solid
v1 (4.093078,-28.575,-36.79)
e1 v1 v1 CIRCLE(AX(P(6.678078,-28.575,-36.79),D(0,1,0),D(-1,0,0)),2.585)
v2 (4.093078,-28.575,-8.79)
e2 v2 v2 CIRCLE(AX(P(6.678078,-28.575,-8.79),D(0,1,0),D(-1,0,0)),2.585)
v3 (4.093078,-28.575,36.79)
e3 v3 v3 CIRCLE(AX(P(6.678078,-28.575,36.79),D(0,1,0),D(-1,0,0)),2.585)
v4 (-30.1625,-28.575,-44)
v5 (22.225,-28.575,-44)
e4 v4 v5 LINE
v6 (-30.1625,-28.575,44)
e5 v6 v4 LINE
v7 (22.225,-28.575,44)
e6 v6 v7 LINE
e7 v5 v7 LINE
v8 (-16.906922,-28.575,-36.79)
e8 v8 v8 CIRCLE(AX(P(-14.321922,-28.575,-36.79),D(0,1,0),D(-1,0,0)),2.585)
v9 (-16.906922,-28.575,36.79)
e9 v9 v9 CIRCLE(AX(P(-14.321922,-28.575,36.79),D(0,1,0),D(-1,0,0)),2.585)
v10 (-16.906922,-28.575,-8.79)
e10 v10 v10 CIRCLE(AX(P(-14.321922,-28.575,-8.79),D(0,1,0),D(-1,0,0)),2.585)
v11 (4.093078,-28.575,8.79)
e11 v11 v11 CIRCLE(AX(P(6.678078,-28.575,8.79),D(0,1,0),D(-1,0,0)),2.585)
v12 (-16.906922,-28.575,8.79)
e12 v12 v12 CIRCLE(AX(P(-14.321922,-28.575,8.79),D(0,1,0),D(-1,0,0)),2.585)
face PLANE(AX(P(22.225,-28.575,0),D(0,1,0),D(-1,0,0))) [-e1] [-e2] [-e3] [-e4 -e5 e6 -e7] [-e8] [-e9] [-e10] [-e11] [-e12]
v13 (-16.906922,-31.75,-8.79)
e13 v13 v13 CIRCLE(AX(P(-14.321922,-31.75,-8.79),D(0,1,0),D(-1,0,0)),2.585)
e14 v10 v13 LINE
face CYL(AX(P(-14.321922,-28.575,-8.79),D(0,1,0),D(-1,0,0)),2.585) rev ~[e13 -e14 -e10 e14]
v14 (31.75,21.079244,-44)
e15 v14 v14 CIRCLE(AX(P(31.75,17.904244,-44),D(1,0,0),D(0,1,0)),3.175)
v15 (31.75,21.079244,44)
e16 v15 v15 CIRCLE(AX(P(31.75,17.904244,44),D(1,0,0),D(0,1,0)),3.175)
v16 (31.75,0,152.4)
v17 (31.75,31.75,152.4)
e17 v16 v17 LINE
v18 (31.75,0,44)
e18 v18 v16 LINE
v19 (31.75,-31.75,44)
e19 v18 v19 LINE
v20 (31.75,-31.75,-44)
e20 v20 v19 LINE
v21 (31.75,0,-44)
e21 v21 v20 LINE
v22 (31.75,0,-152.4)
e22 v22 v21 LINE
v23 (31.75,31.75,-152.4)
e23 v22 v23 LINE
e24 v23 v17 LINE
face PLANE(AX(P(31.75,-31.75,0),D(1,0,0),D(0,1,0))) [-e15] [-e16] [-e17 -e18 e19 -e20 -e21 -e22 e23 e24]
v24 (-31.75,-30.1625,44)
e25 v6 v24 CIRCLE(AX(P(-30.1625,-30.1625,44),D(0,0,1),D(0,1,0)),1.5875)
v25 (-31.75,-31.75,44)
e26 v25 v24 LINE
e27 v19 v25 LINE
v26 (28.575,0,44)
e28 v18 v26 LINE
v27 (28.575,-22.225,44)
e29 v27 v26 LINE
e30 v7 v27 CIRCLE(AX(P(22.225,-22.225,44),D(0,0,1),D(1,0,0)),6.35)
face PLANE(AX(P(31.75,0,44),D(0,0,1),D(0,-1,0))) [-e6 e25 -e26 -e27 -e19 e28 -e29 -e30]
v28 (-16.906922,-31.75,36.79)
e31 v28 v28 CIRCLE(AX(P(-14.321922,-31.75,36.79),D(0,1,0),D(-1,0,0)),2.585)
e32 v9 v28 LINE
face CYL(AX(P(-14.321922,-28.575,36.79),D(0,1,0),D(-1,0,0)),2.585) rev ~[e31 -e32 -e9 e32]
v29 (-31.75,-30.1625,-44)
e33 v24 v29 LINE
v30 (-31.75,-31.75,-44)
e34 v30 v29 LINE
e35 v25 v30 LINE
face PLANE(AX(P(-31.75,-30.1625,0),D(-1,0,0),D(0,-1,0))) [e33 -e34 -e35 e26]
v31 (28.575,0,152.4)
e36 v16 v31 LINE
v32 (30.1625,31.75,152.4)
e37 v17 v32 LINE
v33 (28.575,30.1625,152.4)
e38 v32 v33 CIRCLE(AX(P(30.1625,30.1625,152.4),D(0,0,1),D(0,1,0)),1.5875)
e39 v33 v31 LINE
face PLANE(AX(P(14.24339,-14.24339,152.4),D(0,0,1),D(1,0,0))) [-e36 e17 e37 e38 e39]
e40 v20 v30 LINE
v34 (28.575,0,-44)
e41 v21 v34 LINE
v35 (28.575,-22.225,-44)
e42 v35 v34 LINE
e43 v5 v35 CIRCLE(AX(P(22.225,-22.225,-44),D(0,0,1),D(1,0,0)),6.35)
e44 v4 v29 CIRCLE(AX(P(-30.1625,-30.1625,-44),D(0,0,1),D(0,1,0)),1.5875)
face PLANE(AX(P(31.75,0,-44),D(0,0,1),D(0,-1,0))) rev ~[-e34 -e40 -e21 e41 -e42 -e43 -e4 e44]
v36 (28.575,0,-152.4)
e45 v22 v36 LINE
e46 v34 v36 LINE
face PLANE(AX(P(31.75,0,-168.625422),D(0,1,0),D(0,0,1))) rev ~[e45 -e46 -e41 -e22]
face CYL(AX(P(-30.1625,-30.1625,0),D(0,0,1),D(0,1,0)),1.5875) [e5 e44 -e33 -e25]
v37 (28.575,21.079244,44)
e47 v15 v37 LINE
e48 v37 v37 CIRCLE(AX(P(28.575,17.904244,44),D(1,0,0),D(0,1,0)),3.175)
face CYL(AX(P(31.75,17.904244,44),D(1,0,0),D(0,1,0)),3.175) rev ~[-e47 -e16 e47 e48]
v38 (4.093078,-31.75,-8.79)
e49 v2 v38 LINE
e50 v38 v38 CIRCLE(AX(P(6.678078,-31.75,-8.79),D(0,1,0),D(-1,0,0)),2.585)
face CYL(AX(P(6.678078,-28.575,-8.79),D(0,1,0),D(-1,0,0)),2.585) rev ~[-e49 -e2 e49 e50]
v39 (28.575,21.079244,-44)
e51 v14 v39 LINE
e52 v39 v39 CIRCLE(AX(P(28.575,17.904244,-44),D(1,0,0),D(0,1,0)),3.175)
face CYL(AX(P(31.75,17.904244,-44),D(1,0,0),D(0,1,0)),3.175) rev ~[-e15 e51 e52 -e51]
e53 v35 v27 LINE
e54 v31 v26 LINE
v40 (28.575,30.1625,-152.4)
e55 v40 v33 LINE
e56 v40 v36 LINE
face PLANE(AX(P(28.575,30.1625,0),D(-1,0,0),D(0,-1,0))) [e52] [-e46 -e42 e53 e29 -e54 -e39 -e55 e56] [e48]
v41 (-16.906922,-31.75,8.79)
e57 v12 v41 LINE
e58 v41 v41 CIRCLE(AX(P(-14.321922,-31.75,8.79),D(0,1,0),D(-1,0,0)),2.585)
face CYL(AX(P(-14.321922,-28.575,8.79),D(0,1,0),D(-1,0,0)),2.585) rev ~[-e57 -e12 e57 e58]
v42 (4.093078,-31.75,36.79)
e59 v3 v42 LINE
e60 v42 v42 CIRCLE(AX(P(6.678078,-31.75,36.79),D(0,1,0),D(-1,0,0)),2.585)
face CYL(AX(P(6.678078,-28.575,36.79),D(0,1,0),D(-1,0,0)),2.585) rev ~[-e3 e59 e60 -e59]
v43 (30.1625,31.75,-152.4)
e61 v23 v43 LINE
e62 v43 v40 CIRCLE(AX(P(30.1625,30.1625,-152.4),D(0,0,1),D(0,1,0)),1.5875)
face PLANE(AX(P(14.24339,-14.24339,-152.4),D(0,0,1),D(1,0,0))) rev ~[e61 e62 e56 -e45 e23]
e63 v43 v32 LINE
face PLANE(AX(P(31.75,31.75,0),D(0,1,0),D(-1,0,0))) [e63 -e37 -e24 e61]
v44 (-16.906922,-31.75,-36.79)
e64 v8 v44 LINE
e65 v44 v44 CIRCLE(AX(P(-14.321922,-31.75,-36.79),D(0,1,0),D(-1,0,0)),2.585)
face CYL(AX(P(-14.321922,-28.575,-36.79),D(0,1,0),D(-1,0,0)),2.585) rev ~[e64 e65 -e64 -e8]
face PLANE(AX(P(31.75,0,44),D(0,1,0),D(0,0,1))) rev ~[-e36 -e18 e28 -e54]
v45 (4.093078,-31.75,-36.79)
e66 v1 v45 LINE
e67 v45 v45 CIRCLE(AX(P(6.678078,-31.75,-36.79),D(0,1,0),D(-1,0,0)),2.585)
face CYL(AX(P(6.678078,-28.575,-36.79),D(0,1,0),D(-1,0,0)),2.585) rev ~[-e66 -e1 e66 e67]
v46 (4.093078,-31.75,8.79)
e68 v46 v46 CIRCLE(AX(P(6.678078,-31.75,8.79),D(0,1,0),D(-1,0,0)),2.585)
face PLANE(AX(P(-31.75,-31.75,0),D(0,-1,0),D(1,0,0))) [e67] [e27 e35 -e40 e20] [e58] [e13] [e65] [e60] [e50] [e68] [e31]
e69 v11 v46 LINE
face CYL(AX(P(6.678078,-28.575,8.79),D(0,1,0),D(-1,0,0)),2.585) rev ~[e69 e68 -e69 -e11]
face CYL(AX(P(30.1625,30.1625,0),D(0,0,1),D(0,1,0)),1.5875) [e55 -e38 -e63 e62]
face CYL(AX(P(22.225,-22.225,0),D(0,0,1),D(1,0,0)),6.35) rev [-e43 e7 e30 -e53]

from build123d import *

# Parameters (mm, degrees)
BOSS_EXTRUDE1_DEPTH = 152.4
SKETCH3_R           = 2.585
CUT_EXTRUDE1_DEPTH  = 167.951873679
CUT_EXTRUDE2_DEPTH  = 169.125169145
SKETCH5_R           = 3.175
CUT_EXTRUDE3_DEPTH  = 169.125169145


with BuildPart() as part:
    # Sketch2 → Boss-Extrude1 (new, symmetric)
    with BuildSketch(Plane.XY):
        with BuildLine():
            Line((-31.75, -31.75), (31.75, -31.75))
            Line((31.75, -31.75), (31.75, 31.75))
            Line((31.75, 31.75), (30.1625, 31.75))
            ThreePointArc((30.1625, 31.75), (29.039967985, 31.285032015), (28.575, 30.1625))
            Line((28.575, 30.1625), (28.575, -22.225))
            ThreePointArc((28.575, -22.225), (26.715128061, -26.715128061), (22.225, -28.575))
            Line((22.225, -28.575), (-30.1625, -28.575))
            ThreePointArc((-30.1625, -28.575), (-31.285032015, -29.039967985), (-31.75, -30.1625))
            Line((-31.75, -30.1625), (-31.75, -31.75))
        make_face()
    extrude(amount=BOSS_EXTRUDE1_DEPTH, both=True)

    # Sketch3 → Cut-Extrude1 (cut, through all)
    with BuildSketch(Plane(origin=(0, -28.575, 0), x_dir=(1, 0, 0), z_dir=(0, 1, 0))):
        with Locations(Location((-14.321922022, 8.79, 0), (0, 0, 180))):
            Circle(SKETCH3_R)
        with Locations(Location((6.678077978, 8.79, 0), (0, 0, 180))):
            Circle(SKETCH3_R)
        with Locations(Location((-14.321922022, 36.79, 0), (0, 0, 180))):
            Circle(SKETCH3_R)
        with Locations(Location((6.678077978, 36.79, 0), (0, 0, 180))):
            Circle(SKETCH3_R)
        with Locations(Location((-14.321922022, -36.79, 0), (0, 0, 180))):
            Circle(SKETCH3_R)
        with Locations(Location((6.678077978, -36.79, 0), (0, 0, 180))):
            Circle(SKETCH3_R)
        with Locations(Location((6.678077978, -8.79, 0), (0, 0, 180))):
            Circle(SKETCH3_R)
        with Locations(Location((-14.321922022, -8.79, 0), (0, 0, 180))):
            Circle(SKETCH3_R)
    extrude(amount=-CUT_EXTRUDE1_DEPTH, mode=Mode.SUBTRACT)

    # Sketch4 → Cut-Extrude2 (cut, through all)
    with BuildSketch(Plane(origin=(31.75, 0, 0), x_dir=(0, 0, -1), z_dir=(1, 0, 0))):
        Polygon((-152.4, 0), (-44, 0), (-44, -48.044655534), (-168.625421563, -48.044655534), (-168.625421563, 0), align=None)
        Polygon((168.625421563, -48.044655534), (168.625421563, 0), (152.4, 0), (44, 0), (44, -48.044655534), align=None)
    extrude(amount=-CUT_EXTRUDE2_DEPTH, mode=Mode.SUBTRACT)

    # Sketch5 → Cut-Extrude3 (cut, through all)
    with BuildSketch(Plane(origin=(31.75, 0, 0), x_dir=(0, 0, -1), z_dir=(1, 0, 0))):
        with Locations(Location((-44, 17.904243602, 0), (0, 0, 90))):
            Circle(SKETCH5_R)
        with Locations(Location((44, 17.904243602, 0), (0, 0, 90))):
            Circle(SKETCH5_R)
    extrude(amount=-CUT_EXTRUDE3_DEPTH, mode=Mode.SUBTRACT)


solid = part.part
